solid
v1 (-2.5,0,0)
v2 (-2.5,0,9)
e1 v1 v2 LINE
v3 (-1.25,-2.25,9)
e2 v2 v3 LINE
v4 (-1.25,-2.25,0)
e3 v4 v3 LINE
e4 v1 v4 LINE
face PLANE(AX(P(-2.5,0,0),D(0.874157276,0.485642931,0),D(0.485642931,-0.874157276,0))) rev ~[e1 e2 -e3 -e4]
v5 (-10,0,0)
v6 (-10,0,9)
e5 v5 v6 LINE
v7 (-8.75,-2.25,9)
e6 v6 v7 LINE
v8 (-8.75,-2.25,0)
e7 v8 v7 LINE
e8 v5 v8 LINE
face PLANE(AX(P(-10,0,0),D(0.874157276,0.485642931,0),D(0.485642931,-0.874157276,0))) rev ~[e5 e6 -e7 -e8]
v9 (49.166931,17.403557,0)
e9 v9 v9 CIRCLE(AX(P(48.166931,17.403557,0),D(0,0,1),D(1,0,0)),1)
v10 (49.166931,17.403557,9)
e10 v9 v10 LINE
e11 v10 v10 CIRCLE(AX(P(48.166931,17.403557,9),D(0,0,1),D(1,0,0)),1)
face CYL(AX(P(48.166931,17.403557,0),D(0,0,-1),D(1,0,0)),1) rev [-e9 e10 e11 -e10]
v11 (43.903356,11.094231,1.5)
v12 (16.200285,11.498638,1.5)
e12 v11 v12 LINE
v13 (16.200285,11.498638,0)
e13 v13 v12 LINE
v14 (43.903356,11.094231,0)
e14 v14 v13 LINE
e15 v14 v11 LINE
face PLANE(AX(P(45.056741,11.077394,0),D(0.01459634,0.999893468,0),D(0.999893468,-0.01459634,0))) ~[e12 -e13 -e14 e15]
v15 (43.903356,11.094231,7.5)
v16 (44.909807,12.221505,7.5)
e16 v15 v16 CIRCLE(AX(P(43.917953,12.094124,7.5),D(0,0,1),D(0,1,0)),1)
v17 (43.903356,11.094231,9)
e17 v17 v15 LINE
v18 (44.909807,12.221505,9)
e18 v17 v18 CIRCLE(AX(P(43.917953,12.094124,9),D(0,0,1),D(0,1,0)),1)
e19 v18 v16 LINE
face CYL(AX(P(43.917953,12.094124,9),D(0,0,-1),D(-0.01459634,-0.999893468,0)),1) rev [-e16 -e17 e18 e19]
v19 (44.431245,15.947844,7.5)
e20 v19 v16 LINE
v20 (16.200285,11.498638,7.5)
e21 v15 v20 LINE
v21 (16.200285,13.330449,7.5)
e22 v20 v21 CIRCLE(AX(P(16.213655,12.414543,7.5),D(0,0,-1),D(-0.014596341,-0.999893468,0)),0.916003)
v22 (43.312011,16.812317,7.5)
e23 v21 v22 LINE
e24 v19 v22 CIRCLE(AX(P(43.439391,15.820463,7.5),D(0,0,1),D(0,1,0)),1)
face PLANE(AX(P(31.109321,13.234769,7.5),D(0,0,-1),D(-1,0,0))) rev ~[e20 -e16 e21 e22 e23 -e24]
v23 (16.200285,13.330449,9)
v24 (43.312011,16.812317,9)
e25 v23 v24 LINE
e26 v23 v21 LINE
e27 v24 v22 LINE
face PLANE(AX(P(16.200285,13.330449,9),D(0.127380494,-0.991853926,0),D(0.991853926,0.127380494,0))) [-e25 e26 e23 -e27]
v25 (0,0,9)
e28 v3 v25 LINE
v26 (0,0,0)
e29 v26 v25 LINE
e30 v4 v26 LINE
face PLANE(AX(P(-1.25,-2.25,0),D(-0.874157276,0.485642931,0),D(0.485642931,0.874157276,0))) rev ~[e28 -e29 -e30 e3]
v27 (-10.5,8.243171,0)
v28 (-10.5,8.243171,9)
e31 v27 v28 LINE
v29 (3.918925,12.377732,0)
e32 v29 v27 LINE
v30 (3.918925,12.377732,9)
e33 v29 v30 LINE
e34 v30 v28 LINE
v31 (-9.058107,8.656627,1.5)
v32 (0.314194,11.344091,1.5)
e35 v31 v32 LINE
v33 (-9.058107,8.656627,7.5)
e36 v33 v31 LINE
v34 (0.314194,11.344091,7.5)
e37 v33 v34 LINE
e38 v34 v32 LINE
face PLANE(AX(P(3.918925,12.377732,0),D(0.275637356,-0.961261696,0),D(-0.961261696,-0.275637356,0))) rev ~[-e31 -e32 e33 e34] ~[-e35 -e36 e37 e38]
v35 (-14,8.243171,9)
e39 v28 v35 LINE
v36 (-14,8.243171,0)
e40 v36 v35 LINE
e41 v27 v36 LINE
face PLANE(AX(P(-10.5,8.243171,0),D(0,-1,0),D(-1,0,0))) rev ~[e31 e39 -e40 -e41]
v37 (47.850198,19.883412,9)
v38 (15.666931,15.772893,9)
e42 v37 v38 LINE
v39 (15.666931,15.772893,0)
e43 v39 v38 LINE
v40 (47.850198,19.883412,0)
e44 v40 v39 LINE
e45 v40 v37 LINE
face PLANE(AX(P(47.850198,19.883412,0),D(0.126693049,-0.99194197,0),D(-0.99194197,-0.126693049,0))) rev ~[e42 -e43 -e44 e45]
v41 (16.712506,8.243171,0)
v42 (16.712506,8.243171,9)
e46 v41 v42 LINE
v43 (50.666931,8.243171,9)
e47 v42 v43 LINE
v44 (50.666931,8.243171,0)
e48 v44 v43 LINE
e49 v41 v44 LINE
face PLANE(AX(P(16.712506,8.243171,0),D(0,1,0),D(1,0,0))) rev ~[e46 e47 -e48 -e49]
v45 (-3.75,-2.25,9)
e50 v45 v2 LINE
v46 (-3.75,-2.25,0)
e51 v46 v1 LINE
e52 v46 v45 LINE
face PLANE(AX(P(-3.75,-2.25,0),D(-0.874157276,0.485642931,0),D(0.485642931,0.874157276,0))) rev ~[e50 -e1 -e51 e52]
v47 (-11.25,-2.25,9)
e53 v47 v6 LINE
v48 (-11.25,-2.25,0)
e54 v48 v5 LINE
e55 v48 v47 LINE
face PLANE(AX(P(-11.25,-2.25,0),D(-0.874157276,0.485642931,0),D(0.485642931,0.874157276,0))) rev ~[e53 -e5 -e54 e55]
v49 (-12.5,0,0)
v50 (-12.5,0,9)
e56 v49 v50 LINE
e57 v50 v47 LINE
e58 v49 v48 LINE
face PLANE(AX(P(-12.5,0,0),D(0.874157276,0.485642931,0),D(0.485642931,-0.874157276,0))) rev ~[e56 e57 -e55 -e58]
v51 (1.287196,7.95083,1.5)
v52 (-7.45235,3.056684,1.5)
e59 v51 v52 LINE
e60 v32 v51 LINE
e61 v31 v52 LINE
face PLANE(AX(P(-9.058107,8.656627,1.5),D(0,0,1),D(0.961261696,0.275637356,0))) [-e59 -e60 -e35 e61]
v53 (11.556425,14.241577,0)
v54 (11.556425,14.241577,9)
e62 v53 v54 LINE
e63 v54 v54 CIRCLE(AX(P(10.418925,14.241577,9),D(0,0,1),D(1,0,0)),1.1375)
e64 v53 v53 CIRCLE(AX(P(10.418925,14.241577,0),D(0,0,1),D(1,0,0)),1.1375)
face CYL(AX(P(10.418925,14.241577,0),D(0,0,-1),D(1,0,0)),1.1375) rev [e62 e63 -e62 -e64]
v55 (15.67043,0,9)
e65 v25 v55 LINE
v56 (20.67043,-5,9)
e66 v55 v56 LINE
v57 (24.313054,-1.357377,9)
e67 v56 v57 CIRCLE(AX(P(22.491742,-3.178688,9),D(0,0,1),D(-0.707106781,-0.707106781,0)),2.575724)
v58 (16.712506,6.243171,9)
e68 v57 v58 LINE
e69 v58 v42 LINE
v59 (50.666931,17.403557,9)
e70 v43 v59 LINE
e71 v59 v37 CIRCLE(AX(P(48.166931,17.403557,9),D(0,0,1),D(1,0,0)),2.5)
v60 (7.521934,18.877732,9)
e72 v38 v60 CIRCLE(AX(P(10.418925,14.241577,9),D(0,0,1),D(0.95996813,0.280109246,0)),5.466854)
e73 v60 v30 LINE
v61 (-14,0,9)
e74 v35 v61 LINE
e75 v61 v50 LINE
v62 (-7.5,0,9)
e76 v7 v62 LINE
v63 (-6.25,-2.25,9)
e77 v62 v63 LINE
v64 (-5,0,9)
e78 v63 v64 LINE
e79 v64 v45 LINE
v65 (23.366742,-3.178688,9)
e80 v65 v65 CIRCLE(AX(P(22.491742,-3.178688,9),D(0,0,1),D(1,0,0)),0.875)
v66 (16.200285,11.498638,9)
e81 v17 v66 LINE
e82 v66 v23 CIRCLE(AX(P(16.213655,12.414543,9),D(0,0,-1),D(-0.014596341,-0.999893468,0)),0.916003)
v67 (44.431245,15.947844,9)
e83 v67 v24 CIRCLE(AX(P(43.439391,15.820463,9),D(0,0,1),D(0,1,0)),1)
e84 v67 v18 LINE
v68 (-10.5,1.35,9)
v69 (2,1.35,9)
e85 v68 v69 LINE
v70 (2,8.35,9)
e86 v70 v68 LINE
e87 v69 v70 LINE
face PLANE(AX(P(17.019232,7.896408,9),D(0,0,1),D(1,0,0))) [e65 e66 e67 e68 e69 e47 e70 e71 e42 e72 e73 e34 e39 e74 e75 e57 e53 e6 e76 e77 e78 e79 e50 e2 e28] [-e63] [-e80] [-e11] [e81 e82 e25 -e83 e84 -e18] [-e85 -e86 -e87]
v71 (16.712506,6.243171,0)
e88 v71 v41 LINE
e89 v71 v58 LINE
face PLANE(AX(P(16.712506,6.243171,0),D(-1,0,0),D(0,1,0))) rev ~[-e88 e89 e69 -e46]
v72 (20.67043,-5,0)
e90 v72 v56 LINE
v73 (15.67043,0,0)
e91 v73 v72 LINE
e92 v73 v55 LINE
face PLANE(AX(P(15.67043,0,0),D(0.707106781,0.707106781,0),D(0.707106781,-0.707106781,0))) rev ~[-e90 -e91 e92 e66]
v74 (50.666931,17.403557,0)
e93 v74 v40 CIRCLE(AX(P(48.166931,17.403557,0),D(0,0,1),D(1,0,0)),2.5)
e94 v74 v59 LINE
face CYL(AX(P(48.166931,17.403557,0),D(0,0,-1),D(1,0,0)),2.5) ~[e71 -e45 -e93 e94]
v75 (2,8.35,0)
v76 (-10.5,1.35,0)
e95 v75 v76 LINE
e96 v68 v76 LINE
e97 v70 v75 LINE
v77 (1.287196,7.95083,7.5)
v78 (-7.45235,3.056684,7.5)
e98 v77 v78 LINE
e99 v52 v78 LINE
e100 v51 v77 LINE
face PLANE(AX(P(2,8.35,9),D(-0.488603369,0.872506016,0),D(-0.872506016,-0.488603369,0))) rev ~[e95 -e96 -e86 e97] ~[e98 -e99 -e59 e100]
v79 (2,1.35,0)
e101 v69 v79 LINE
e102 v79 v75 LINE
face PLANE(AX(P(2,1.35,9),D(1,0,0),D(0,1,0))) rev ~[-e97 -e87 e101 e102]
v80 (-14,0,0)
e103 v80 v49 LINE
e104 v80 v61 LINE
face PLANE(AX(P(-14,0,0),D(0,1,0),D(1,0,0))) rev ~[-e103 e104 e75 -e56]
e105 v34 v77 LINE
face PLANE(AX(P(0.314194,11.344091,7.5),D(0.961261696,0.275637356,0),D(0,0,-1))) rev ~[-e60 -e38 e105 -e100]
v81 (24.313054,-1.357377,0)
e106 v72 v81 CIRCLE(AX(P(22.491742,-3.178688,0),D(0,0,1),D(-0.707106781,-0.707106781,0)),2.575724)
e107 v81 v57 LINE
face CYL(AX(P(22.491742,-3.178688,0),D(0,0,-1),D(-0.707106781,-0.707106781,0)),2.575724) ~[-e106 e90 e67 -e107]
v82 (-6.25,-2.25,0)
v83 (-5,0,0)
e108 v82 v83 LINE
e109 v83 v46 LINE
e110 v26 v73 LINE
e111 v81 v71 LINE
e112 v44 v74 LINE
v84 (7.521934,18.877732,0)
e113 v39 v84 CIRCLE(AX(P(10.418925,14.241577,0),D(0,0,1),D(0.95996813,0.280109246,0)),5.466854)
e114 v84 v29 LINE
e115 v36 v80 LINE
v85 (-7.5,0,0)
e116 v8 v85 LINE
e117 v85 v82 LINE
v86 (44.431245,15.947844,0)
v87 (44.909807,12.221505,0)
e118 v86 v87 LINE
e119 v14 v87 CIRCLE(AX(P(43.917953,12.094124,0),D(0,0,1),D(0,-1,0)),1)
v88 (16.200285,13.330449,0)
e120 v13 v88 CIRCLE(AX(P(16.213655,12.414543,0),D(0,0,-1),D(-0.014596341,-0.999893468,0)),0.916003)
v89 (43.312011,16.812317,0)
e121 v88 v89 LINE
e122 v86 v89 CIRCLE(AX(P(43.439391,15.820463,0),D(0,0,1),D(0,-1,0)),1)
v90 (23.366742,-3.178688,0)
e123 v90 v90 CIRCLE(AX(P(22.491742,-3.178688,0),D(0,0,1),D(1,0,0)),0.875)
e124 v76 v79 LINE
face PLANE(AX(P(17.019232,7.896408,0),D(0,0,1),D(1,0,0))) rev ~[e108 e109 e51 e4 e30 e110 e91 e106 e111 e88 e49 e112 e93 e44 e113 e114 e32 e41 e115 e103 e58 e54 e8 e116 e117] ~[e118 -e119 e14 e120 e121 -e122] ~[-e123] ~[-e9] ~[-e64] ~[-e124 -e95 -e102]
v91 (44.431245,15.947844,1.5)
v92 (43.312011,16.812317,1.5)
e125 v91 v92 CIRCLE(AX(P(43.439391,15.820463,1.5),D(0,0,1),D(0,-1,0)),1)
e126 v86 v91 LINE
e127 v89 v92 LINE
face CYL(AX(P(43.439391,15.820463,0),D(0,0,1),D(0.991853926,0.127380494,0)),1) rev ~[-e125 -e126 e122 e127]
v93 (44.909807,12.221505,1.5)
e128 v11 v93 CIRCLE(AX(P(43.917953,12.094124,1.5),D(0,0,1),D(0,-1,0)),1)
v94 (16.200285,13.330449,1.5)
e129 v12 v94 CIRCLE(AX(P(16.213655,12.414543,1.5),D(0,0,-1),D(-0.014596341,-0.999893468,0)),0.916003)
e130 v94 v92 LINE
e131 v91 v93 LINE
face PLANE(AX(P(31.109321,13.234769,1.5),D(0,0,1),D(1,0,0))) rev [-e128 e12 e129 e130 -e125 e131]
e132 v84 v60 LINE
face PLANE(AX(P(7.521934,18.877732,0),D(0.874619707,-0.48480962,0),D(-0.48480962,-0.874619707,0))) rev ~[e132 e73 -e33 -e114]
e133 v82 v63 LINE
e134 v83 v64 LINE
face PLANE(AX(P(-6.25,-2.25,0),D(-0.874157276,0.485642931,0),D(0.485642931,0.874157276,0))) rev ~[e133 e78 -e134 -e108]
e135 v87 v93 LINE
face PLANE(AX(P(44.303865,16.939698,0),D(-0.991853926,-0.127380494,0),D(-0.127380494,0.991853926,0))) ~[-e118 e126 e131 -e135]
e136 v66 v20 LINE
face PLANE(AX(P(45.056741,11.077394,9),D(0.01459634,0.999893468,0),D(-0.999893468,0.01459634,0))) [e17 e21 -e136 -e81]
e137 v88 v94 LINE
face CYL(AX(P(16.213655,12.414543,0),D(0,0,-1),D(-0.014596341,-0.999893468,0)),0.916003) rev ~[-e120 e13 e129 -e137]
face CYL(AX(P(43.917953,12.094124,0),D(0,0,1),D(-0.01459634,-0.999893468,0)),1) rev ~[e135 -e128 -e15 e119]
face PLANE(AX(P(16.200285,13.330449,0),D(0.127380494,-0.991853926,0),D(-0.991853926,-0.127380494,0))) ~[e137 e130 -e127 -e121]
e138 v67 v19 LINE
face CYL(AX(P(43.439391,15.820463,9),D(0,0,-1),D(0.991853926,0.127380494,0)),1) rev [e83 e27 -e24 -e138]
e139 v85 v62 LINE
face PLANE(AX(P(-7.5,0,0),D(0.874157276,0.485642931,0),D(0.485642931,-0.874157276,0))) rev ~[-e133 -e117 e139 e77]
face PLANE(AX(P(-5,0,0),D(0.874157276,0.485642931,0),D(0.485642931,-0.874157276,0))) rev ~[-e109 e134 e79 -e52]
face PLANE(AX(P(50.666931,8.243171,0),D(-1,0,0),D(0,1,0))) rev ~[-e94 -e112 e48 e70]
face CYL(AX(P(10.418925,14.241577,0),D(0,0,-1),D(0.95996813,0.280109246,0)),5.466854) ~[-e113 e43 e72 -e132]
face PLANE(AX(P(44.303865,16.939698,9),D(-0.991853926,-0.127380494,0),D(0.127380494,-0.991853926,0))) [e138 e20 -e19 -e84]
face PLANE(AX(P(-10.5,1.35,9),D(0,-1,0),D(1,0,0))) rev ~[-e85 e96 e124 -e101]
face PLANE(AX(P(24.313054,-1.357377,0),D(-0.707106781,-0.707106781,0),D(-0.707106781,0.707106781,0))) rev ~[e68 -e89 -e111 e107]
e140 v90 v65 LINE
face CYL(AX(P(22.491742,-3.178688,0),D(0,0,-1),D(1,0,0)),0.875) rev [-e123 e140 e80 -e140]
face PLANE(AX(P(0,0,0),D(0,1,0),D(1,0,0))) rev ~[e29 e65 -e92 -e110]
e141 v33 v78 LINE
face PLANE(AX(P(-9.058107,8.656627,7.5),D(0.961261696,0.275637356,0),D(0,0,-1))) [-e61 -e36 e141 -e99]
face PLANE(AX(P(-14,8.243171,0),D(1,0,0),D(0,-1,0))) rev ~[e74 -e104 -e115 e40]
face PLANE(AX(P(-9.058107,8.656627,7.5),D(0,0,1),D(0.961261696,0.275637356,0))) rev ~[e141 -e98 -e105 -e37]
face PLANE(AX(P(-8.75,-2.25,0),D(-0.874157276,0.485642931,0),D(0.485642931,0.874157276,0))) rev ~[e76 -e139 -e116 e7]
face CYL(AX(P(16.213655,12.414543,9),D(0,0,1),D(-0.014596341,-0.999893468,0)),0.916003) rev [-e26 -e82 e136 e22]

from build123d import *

# Parameters (mm, degrees)
SKETCH1_R            = 1.1375
SKETCH1_R_2          = 0.875
SKETCH1_R_3          = 1
BOSS_EXTRUDE1_DEPTH  = 9
CUT_EXTRUDE1_DEPTH   = 56.175080092
CUT_EXTRUDE2_REACH   = 58.746
SKETCH4_W            = 9.75
SKETCH4_H            = 6
CUT_EXTRUDE3_DEPTH   = 1.5
FILLET1_R            = 1
FILLET1_OF_MIRROR1_R = 1


with BuildPart() as part:
    # Sketch1 → Boss-Extrude1 (new body)
    with BuildSketch(Plane.XY):
        with BuildLine():
            Line((0, 0), (15.670430223, 0))
            Line((15.670430223, 0), (20.670430223, -5))
            ThreePointArc((20.670430223, -5), (24.313053668, -5), (24.313053668, -1.357376555))
            Line((24.313053668, -1.357376555), (16.71250591, 6.243171203))
            Line((16.71250591, 6.243171203), (16.71250591, 8.243171203))
            Line((16.71250591, 8.243171203), (50.666930898, 8.243171203))
            Line((50.666930898, 8.243171203), (50.666930898, 17.403556883))
            ThreePointArc((50.666930898, 17.403556883), (49.818924912, 19.279967227), (47.850198276, 19.883411807))
            Line((47.850198276, 19.883411807), (15.666930898, 15.772892856))
            ThreePointArc((15.666930898, 15.772892856), (12.366185788, 19.349870594), (7.521934274, 18.87773154))
            Line((7.521934274, 18.87773154), (3.918925439, 12.37773154))
            Line((3.918925439, 12.37773154), (-10.5, 8.243171203))
            Line((-10.5, 8.243171203), (-14, 8.243171203))
            Line((-14, 8.243171203), (-14, 0))
            Line((-14, 0), (-12.5, 0))
            Line((-12.5, 0), (-11.25, -2.25))
            Line((-11.25, -2.25), (-10, 0))
            Line((-10, 0), (-8.75, -2.25))
            Line((-8.75, -2.25), (-7.5, 0))
            Line((-7.5, 0), (-6.25, -2.25))
            Line((-6.25, -2.25), (-5, 0))
            Line((-5, 0), (-3.75, -2.25))
            Line((-3.75, -2.25), (-2.5, 0))
            Line((-2.5, 0), (-1.25, -2.25))
            Line((-1.25, -2.25), (0, 0))
        make_face()
        with Locations((10.418925439, 14.241576548)):
            Circle(SKETCH1_R, mode=Mode.SUBTRACT)
        with Locations((22.491741945, -3.178688277)):
            Circle(SKETCH1_R_2, mode=Mode.SUBTRACT)
        with Locations((48.166930898, 17.403556883)):
            Circle(SKETCH1_R_3, mode=Mode.SUBTRACT)
    extrude(amount=BOSS_EXTRUDE1_DEPTH)

    # Sketch3 → Cut-Extrude1 (cut, through all)
    with BuildSketch(Plane.XY.offset(9)):
        Polygon((-10.5, 1.35), (2, 1.35), (2, 8.35), align=None)
    extrude(amount=-CUT_EXTRUDE1_DEPTH, mode=Mode.SUBTRACT)

    # Cut-Extrude2: up to this plane
    cut_extrude2_end = Plane(origin=(2, 8.35, 0), z_dir=(-0.48860336893184564, 0.8725060159497188, 0))
    # Sketch4 → Cut-Extrude2 (cut, up to the surface)
    with BuildSketch(Plane(origin=(-2.981855105, 10.398964561, 0), x_dir=(0.9612616959383188, 0.2756373558169999, 0), z_dir=(-0.2756373558169999, 0.9612616959383188, 0)), mode=Mode.PRIVATE) as cut_extrude2_sk1:
        with Locations((-1.446121893, -4.5)):
            Rectangle(SKETCH4_W, SKETCH4_H)
    cut_extrude2_tool1 = split(extrude(cut_extrude2_sk1.sketch, amount=-CUT_EXTRUDE2_REACH, mode=Mode.PRIVATE), bisect_by=cut_extrude2_end, keep=Keep.BOTH, mode=Mode.PRIVATE)
    add(cut_extrude2_tool1.solids().sort_by_distance((-4.371957, 10.000359, 4.5))[0], mode=Mode.SUBTRACT)

    # Sketch5 → Cut-Extrude3 (cut)
    with BuildSketch(Plane.XY.offset(9)):
        with BuildLine():
            Line((16.200284742, 13.330448654), (44.30386483, 16.939697768))
            Line((44.30386483, 16.939697768), (45.056740957, 11.077394043))
            Line((45.056740957, 11.077394043), (16.200284742, 11.498637572))
            ThreePointArc((16.200284742, 11.498637572), (15.297651911, 12.414543113), (16.200284742, 13.330448654))
        make_face()
    cut_extrude3 = extrude(amount=-CUT_EXTRUDE3_DEPTH, mode=Mode.SUBTRACT)

    # Fillet1
    fillet1_edges = [part.edges().sort_by_distance(p)[0] for p in [
        (44.30386483, 16.939697768, 8.25),
        (45.056740957, 11.077394043, 8.25),
    ]]
    fillet(fillet1_edges, radius=FILLET1_R)

    # Mirror1: Cut-Extrude3 across plane
    add(cut_extrude3.mirror(Plane.XY.offset(4.5)), mode=Mode.SUBTRACT)

    # Fillet1 of Mirror1
    fillet1_of_mirror1_edges = [part.edges().sort_by_distance(p)[0] for p in [
        (44.30386483, 16.939697768, 0.75),
        (45.056740957, 11.077394043, 0.75),
    ]]
    fillet(fillet1_of_mirror1_edges, radius=FILLET1_OF_MIRROR1_R)


solid = part.part
